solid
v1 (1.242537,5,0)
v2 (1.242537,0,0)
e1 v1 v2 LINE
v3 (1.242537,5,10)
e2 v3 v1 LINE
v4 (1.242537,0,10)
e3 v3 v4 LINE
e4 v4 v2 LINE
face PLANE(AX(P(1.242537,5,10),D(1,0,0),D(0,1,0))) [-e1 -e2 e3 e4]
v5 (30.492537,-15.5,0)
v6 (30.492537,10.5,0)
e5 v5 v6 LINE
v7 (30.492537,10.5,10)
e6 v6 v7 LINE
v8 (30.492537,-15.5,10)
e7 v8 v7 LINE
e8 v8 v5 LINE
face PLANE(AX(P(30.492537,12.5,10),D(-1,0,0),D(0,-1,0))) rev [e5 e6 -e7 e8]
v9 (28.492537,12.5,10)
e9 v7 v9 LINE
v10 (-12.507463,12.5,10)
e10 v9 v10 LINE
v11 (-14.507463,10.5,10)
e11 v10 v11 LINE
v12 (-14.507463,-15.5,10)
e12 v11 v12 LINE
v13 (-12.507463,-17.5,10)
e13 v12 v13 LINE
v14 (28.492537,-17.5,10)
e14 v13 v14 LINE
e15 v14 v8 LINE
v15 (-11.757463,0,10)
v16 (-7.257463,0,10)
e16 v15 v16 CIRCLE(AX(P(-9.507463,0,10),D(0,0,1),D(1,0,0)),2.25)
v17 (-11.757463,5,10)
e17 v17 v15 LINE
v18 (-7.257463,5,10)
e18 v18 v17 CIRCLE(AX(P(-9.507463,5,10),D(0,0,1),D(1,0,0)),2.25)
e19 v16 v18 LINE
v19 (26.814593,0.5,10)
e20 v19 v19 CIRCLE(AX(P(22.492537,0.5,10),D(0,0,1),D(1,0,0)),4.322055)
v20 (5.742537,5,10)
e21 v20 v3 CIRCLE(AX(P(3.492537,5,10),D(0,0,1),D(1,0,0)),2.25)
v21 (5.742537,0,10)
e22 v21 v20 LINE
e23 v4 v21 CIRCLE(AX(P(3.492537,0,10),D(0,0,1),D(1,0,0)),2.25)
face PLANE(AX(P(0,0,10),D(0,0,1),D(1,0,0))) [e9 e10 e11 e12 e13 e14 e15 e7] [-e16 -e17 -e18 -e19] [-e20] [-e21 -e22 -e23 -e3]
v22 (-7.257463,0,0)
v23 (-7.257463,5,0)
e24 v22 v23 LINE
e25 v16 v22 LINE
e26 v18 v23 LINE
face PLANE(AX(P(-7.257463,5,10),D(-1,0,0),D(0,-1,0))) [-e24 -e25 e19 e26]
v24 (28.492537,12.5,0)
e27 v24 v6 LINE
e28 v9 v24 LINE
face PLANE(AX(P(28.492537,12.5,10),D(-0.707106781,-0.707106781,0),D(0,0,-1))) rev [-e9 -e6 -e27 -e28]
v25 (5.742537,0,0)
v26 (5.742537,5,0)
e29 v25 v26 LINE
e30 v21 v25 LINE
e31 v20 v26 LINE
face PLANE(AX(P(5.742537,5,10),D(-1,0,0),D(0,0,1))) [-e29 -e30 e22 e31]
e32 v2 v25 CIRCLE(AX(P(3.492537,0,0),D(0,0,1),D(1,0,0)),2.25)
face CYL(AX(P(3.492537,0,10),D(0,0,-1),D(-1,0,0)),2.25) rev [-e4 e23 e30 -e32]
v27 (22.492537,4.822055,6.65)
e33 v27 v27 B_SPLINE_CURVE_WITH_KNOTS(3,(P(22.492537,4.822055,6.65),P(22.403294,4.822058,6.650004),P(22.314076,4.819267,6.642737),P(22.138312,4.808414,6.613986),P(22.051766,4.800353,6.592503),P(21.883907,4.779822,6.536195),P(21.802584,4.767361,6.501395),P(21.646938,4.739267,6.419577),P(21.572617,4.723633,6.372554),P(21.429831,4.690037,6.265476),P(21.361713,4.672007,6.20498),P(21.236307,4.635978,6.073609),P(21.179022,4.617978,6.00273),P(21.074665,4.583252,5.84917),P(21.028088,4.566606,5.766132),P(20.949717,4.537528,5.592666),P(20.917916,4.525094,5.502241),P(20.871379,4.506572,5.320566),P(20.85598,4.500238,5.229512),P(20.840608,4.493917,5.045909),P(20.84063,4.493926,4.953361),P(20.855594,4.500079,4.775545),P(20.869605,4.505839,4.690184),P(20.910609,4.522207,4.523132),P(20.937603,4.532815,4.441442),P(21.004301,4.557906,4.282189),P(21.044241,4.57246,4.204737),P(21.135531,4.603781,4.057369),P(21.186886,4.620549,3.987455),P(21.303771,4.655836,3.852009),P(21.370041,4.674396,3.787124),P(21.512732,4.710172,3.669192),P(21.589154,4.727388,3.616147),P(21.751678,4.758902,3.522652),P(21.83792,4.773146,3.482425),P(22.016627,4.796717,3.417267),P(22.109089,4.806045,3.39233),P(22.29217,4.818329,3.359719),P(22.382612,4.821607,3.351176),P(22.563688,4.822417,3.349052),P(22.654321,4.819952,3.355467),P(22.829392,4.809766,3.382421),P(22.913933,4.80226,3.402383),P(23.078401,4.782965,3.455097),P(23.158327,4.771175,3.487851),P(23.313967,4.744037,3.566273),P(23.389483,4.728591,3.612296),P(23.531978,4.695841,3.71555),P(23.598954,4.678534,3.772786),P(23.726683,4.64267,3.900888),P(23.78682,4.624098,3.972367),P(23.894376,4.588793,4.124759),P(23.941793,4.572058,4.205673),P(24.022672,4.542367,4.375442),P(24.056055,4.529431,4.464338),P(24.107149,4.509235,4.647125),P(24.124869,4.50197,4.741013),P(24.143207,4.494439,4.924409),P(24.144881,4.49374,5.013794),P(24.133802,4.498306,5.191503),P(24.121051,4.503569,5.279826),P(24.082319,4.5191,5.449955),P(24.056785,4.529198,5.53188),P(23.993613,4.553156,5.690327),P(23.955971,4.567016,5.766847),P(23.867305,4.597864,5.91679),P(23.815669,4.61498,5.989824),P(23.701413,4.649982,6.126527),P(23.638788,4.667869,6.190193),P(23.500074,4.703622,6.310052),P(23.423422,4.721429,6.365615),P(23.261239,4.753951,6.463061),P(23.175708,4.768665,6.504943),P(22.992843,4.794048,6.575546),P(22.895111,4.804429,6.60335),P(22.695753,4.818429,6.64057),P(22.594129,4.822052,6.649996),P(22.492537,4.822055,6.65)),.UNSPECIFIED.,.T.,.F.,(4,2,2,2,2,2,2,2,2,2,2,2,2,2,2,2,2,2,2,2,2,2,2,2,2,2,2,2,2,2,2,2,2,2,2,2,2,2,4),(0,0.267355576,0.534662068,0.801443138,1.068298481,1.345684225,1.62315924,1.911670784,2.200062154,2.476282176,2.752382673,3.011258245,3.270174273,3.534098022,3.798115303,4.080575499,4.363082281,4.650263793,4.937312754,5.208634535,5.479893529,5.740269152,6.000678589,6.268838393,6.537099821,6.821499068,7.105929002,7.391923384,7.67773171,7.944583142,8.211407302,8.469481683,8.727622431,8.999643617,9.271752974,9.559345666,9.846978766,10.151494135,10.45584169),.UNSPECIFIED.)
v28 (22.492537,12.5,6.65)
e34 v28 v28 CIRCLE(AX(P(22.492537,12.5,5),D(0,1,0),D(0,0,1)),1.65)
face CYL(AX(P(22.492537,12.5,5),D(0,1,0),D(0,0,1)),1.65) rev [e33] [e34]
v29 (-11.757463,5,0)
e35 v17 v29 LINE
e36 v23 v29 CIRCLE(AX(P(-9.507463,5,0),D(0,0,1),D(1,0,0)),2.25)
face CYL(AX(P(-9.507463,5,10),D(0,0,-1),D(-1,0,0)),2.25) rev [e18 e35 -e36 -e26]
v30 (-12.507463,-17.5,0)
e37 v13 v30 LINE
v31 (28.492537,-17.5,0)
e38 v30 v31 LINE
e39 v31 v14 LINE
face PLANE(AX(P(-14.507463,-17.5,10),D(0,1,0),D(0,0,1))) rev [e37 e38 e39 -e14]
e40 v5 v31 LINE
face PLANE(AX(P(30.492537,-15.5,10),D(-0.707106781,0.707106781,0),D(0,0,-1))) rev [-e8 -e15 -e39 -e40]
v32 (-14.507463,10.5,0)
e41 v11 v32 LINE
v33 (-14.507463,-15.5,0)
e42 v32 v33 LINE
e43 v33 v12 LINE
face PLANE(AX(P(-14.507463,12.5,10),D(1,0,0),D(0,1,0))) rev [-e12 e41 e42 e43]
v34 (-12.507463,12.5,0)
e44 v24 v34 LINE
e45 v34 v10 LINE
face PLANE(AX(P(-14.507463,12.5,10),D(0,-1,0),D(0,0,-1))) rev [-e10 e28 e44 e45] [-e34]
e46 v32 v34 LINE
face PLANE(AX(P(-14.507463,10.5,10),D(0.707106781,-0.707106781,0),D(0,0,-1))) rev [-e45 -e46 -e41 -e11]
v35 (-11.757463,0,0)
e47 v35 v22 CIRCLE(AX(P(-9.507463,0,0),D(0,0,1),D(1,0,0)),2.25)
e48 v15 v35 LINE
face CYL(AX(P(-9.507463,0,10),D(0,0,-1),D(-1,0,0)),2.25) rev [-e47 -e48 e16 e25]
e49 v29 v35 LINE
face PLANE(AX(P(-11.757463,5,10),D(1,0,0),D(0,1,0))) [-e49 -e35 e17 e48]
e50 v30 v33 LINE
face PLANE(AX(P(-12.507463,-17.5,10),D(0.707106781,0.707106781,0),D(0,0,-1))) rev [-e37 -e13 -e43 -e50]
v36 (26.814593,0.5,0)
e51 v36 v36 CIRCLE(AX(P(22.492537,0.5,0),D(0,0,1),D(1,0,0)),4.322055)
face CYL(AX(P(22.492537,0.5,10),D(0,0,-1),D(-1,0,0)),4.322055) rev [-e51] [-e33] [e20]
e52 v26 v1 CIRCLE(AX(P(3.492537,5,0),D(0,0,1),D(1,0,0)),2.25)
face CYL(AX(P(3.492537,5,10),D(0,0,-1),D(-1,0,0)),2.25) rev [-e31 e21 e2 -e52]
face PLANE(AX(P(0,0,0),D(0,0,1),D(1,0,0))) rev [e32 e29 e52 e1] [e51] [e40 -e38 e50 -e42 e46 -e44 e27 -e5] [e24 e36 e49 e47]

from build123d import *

# Parameters (mm, degrees)
SKETCH1_W             = 45
SKETCH1_H             = 30
SKETCH1_R             = 4.32205537
BOSS_EXTRUDE1_DEPTH   = 10
M4_TAPPED_HOLE1_D     = 3.3
M4_TAPPED_HOLE1_DEPTH = 10.1
M4_TAPPED_HOLE1_TIP   = 0.991420021
CHAMFER2_SIZE         = 2


with BuildPart() as part:
    # Sketch1 → Boss-Extrude1 (new body)
    with BuildSketch(Plane.XY):
        with Locations((7.992537313, -2.5)):
            Rectangle(SKETCH1_W, SKETCH1_H)
        with Locations((22.492537313, 0.5)):
            Circle(SKETCH1_R, mode=Mode.SUBTRACT)
        with BuildLine():
            Line((-7.257462687, 5), (-7.257462687, 0))
            ThreePointArc((-7.257462687, 0), (-9.507462687, -2.25), (-11.757462687, 0))
            Line((-11.757462687, 0), (-11.757462687, 5))
            ThreePointArc((-11.757462687, 5), (-9.507462687, 7.25), (-7.257462687, 5))
        make_face(mode=Mode.SUBTRACT)
        with BuildLine():
            Line((5.742537313, 5), (5.742537313, 0))
            ThreePointArc((5.742537313, 0), (3.492537313, -2.25), (1.242537313, 0))
            Line((1.242537313, 0), (1.242537313, 5))
            ThreePointArc((1.242537313, 5), (3.492537313, 7.25), (5.742537313, 5))
        make_face(mode=Mode.SUBTRACT)
    extrude(amount=BOSS_EXTRUDE1_DEPTH)

    # M4 Tapped Hole1
    with Locations(Plane(origin=(0, 12.5, 0), x_dir=(1, 0, 0), z_dir=(0, 1, 0))):
        with Locations((22.492537313, -5)):
            Hole(M4_TAPPED_HOLE1_D / 2, depth=M4_TAPPED_HOLE1_DEPTH)
            with Locations((0, 0, -(M4_TAPPED_HOLE1_DEPTH + M4_TAPPED_HOLE1_TIP / 2))):  # 118° drill point
                Cone(0, M4_TAPPED_HOLE1_D / 2, M4_TAPPED_HOLE1_TIP, mode=Mode.SUBTRACT)

    # Chamfer2
    chamfer2_edges = [part.edges().sort_by_distance(p)[0] for p in [
        (-14.507462687, 12.5, 5),
        (30.492537313, 12.5, 5),
        (30.492537313, -17.5, 5),
        (-14.507462687, -17.5, 5),
    ]]
    chamfer(chamfer2_edges, length=CHAMFER2_SIZE)


solid = part.part
